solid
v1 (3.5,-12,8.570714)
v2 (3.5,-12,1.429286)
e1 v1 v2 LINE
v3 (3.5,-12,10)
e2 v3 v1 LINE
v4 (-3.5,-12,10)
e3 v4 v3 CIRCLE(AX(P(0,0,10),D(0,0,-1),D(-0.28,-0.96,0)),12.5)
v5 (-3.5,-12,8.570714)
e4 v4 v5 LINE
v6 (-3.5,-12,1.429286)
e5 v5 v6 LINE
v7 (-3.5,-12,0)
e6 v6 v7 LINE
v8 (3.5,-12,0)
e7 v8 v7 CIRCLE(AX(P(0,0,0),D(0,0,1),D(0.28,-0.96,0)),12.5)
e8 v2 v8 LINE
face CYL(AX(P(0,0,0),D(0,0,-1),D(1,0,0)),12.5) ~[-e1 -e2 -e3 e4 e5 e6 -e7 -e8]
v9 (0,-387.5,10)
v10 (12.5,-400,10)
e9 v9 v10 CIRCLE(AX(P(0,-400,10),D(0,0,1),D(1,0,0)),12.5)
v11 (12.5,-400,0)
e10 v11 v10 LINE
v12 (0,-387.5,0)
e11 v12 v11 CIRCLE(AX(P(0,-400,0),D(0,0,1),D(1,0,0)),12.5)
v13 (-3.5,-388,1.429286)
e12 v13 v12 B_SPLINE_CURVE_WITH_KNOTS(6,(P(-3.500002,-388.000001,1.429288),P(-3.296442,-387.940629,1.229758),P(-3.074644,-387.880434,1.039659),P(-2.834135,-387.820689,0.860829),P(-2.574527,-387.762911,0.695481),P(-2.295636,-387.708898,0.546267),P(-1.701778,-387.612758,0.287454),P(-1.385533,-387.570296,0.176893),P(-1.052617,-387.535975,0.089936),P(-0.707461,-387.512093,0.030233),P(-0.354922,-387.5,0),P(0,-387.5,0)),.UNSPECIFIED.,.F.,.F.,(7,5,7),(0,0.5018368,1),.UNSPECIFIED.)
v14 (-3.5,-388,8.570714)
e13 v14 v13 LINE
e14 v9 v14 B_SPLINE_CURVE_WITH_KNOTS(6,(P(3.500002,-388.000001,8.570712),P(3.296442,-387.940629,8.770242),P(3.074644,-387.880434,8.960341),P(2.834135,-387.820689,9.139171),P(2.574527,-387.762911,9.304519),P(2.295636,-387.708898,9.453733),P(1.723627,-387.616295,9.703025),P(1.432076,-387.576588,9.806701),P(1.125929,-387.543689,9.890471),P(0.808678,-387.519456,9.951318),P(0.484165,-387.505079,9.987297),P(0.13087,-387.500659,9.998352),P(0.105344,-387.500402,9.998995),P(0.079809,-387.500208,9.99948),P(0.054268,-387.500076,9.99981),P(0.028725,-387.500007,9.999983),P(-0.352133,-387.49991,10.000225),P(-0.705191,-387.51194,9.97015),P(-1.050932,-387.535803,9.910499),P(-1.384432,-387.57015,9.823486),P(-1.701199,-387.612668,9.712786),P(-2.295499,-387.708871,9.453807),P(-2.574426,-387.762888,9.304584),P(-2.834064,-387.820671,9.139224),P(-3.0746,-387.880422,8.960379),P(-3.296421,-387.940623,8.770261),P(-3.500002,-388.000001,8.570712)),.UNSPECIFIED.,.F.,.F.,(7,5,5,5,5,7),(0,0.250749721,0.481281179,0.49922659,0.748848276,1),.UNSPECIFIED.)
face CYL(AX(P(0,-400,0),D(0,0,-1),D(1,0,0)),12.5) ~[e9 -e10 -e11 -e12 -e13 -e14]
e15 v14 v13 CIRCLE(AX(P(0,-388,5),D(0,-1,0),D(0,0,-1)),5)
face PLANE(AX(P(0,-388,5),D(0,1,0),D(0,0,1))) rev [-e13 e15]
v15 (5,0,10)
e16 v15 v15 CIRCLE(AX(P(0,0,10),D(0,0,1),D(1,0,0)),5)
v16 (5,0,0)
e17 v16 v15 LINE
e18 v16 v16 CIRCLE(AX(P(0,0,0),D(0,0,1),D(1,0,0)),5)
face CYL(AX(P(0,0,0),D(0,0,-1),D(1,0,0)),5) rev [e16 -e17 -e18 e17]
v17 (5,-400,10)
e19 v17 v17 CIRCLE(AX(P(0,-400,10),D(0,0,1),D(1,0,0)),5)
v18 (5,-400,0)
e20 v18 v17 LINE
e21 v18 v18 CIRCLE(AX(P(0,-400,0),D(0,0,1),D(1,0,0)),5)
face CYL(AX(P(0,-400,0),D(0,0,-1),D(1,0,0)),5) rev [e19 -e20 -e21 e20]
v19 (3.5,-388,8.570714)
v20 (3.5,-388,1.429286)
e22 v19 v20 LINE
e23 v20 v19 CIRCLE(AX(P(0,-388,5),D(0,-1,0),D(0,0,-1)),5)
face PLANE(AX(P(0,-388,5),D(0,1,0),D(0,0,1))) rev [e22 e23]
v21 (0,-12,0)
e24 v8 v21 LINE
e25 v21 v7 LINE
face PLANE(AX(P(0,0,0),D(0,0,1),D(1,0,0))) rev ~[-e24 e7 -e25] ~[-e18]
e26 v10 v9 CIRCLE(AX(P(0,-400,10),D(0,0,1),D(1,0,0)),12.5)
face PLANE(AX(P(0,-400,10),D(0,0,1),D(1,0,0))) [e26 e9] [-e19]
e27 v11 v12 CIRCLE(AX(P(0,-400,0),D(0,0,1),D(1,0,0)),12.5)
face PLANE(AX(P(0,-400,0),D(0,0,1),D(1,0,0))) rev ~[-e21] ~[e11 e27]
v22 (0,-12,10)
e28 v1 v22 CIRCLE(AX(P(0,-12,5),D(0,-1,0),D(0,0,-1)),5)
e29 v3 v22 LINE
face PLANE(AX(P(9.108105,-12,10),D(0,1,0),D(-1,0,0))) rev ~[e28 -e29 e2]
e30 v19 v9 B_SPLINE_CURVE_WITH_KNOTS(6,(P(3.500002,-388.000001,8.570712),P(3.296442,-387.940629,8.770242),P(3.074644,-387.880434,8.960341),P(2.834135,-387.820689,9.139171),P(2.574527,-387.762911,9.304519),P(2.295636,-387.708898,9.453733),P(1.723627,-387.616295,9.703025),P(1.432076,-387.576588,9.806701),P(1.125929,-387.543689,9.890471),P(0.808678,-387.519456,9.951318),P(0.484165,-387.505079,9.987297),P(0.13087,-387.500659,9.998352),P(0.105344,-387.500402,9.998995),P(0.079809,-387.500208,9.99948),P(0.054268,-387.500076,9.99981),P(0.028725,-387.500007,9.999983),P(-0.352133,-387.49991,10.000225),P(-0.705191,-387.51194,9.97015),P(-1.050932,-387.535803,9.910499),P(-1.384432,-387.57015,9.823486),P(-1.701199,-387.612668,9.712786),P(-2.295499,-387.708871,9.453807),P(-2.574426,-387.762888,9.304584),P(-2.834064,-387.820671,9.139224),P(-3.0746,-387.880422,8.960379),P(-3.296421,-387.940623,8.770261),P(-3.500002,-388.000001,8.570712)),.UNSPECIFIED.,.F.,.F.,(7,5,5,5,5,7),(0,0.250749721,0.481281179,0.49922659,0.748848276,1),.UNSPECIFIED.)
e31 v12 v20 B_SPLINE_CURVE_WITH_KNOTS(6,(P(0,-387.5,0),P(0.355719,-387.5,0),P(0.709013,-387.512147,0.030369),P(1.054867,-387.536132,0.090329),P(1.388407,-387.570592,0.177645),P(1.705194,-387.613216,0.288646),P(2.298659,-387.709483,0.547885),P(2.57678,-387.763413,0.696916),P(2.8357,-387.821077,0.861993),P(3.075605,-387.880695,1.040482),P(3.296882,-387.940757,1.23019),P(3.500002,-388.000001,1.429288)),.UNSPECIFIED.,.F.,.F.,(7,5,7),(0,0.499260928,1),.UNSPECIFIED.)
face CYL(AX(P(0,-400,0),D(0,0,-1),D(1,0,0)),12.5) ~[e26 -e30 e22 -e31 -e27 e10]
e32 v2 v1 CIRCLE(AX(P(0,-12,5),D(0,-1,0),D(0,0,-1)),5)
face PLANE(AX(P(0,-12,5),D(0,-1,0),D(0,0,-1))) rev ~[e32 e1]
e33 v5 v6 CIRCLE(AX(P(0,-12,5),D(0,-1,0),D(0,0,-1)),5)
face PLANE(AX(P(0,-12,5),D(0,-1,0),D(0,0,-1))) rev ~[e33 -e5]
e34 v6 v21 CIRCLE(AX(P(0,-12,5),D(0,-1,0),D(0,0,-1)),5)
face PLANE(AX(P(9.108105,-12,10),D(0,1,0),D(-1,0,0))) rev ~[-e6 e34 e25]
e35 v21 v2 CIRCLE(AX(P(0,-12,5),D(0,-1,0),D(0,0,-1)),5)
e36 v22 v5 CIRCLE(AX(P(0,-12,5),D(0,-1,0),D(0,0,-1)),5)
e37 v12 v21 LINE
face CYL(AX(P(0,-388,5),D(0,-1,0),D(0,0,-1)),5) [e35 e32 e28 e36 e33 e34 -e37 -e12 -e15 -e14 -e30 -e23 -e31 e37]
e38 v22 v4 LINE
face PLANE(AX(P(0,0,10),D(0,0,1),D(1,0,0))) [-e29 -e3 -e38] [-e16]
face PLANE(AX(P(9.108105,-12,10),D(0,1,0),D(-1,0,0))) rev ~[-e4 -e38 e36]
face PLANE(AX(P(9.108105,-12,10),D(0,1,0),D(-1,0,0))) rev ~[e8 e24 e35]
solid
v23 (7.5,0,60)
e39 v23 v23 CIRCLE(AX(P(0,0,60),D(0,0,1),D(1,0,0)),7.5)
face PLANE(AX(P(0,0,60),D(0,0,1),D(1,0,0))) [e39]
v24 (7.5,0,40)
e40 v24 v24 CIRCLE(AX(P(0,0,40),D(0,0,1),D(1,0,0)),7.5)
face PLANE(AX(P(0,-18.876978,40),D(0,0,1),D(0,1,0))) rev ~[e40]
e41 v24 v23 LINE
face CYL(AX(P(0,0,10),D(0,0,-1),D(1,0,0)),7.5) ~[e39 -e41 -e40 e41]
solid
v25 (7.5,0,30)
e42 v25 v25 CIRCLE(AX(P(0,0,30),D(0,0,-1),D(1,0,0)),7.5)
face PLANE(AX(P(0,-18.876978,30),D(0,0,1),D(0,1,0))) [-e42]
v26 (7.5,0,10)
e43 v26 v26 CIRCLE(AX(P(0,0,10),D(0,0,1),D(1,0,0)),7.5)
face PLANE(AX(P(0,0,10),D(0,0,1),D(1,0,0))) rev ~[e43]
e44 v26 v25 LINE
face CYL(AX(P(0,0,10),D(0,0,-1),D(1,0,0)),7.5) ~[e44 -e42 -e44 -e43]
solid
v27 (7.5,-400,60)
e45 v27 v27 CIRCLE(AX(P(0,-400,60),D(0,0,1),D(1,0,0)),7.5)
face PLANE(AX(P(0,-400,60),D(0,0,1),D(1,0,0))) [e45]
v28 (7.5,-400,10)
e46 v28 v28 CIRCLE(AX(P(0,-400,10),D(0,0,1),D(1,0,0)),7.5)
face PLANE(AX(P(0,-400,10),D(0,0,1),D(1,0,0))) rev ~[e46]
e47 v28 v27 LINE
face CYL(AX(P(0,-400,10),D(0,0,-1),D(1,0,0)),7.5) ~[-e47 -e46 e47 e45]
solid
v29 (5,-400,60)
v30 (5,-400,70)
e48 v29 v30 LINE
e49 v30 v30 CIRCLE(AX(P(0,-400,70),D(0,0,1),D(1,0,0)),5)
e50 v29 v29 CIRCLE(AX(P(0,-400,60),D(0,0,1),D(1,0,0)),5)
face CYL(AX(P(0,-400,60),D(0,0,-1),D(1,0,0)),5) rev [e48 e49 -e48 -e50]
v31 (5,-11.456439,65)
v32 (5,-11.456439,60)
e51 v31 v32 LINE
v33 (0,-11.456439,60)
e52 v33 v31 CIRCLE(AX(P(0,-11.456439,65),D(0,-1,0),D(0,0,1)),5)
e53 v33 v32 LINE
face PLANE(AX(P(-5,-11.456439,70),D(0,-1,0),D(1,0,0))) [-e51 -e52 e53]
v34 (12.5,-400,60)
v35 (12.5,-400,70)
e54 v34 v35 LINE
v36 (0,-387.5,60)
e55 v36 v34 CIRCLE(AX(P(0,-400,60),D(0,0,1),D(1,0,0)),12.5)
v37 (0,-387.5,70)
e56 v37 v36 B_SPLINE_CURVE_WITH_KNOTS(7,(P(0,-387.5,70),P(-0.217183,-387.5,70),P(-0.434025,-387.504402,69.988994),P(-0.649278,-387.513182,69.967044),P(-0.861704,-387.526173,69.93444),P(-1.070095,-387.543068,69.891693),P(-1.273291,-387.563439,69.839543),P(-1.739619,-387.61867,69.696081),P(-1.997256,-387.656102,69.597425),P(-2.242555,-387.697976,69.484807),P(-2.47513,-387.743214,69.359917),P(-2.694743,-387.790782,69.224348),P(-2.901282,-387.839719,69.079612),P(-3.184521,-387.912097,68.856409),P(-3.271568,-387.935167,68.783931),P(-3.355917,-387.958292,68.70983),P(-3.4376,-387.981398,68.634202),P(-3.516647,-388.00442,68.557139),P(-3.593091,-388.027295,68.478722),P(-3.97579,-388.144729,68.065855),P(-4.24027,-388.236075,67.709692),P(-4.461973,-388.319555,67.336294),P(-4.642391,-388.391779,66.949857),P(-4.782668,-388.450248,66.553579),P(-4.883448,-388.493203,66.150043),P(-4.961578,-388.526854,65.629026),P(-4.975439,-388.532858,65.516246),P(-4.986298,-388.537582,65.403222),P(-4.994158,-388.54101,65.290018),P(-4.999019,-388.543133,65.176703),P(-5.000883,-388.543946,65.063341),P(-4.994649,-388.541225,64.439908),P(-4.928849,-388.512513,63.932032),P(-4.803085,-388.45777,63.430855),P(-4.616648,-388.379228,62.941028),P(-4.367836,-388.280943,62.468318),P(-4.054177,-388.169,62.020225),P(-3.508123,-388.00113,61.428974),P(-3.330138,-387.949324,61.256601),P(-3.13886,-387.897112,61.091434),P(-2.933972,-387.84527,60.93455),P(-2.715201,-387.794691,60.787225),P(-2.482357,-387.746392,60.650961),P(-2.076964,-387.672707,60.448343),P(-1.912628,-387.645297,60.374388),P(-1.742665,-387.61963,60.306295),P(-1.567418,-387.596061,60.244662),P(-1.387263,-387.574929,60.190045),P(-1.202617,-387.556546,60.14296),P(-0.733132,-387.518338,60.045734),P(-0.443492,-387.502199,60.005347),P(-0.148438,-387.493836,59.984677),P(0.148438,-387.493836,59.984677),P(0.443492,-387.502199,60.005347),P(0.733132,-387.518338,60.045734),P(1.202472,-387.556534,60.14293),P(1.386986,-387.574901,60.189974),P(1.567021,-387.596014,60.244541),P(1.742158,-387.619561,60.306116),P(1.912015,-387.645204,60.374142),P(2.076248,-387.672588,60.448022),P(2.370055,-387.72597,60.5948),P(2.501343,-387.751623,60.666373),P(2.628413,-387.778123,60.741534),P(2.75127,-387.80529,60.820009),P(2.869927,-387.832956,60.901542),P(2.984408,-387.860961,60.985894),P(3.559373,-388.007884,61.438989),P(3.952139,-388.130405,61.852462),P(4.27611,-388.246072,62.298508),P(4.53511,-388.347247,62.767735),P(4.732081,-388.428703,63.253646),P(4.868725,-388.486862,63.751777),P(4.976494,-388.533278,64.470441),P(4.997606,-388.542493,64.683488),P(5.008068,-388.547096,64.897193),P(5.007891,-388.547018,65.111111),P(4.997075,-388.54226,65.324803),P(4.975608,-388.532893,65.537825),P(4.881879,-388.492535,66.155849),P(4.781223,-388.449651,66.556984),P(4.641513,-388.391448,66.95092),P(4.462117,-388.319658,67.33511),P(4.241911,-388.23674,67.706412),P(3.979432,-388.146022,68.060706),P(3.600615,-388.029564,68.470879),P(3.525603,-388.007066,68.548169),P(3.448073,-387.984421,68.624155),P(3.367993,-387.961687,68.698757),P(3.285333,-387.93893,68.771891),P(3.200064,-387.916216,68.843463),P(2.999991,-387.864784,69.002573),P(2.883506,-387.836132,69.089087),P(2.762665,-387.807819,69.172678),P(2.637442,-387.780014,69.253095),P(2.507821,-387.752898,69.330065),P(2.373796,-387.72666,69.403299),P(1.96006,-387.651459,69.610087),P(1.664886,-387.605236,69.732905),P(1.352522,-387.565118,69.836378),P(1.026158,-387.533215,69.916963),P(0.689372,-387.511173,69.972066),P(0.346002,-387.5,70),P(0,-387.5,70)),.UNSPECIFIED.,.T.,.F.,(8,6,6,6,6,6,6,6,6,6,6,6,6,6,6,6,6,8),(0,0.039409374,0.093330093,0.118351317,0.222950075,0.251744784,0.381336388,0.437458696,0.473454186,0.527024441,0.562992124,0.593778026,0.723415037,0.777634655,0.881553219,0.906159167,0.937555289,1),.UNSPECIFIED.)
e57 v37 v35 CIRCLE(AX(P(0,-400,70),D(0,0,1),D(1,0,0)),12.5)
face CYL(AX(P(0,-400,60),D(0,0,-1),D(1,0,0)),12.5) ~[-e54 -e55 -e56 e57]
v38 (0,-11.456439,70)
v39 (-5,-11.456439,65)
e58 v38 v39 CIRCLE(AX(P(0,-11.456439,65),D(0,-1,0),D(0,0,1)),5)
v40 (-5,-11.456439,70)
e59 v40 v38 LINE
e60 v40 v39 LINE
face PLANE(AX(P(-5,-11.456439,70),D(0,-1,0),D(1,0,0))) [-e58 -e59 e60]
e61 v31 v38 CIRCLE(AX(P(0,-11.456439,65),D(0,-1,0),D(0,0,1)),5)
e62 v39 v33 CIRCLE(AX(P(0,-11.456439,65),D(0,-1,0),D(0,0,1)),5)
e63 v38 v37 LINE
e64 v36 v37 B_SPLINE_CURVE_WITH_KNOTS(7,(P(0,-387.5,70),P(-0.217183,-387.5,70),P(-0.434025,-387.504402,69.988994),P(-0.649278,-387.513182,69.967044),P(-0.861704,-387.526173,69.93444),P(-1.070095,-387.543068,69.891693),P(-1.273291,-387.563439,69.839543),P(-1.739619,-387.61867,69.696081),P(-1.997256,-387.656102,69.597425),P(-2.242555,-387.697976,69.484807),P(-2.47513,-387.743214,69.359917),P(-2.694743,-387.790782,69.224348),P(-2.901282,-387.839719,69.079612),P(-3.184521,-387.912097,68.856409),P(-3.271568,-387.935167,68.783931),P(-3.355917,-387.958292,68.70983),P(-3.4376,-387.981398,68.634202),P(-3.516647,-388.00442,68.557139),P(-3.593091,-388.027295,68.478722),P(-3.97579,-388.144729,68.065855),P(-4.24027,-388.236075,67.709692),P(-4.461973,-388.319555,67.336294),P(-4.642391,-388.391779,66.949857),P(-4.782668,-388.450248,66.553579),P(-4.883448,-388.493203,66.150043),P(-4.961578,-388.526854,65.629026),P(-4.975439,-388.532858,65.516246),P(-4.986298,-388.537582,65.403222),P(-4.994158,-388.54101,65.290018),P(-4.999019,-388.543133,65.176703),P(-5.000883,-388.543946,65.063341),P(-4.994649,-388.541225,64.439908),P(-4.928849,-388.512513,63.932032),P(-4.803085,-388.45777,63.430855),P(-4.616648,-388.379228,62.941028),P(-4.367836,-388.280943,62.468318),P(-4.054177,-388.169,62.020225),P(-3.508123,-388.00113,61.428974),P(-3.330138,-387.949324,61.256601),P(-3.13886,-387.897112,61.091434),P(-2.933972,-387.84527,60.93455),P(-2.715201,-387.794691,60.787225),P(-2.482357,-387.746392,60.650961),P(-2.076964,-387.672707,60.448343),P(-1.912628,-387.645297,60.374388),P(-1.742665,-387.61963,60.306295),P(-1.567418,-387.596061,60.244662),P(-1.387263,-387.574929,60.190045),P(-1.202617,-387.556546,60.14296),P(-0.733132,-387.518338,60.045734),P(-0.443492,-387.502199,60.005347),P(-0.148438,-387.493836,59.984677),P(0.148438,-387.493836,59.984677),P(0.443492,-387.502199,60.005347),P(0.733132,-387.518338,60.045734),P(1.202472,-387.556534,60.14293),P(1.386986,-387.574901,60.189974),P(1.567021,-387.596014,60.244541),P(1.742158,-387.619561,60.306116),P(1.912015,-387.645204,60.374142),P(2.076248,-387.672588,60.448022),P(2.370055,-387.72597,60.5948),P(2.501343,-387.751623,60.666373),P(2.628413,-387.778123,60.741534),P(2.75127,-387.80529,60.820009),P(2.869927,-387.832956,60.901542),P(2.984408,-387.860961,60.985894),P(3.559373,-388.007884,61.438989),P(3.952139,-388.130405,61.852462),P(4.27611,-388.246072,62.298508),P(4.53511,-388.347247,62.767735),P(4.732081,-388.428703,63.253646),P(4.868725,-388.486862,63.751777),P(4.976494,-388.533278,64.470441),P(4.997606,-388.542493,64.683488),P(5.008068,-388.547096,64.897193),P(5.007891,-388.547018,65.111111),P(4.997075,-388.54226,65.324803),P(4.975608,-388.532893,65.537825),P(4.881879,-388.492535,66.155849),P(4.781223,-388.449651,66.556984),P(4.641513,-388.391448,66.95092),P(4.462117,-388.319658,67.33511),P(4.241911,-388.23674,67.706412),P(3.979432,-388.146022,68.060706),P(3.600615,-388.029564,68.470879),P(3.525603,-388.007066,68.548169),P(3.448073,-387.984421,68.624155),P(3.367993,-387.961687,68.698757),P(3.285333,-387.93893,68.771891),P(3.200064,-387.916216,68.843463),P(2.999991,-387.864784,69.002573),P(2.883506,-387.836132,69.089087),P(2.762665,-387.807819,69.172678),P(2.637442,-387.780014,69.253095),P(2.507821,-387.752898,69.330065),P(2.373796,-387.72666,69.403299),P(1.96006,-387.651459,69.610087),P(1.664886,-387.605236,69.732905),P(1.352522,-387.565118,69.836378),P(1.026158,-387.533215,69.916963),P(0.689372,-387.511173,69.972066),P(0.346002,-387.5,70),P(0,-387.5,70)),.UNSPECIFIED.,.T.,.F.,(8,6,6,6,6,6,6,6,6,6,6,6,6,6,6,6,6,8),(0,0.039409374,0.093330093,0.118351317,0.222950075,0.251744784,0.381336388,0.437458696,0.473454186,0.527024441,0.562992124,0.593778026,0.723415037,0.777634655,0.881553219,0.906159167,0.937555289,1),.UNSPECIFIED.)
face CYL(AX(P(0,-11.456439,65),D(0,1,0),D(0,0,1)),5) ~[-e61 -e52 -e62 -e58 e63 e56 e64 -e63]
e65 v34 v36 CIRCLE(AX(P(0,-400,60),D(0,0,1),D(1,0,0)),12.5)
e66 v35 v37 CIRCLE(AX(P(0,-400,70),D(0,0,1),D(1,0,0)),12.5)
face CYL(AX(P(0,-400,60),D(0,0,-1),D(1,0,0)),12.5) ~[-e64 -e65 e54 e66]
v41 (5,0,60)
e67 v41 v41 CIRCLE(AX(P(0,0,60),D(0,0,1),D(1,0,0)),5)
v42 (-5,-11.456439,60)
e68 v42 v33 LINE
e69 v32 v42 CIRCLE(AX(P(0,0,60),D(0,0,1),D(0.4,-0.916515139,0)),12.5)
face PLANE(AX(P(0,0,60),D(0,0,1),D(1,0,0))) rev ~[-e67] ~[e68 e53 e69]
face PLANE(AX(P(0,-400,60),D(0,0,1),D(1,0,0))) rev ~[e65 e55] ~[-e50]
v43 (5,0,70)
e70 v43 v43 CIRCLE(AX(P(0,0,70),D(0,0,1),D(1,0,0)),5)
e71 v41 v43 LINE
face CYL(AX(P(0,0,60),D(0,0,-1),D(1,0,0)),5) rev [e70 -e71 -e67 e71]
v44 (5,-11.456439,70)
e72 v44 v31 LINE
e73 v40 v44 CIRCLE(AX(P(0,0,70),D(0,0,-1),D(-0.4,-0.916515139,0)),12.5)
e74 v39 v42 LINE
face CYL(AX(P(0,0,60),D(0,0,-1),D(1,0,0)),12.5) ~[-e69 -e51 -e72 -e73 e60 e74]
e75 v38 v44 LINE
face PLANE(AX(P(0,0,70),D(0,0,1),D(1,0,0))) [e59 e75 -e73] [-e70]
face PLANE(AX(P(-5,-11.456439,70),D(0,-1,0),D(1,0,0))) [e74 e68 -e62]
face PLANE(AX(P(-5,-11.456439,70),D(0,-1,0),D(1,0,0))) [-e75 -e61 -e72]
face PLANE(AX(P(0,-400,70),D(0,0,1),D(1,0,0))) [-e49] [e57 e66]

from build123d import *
from build123d.topology import SkipClean

# Parameters (mm, degrees)
SKETCH1_R               = 12.5
SKETCH1_R_2             = 5
BOSS_EXTRUDE1_DEPTH     = 10
CUT_EXTRUDE2_DEPTH      = 21.310096012
SKETCH3_R               = 5
BOSS_EXTRUDE2_DEPTH     = 188
SKETCH5_R               = 12.5
SKETCH5_R_2             = 5
BOSS_EXTRUDE4_DEPTH     = 10
SKETCH7_R               = 7.5
BOSS_EXTRUDE5_DEPTH     = 50
BOSS_EXTRUDE5_2_DEPTH   = 50
SKETCH8_R               = 12.5
SKETCH8_R_2             = 5
BOSS_EXTRUDE6_DEPTH     = 10
BOSS_EXTRUDE6_2_DEPTH   = 10
CUT_EXTRUDE3_DEPTH      = 20
SKETCH10_R              = 5
BOSS_EXTRUDE7_DEPTH     = 380
SKETCH11_W              = 10
SKETCH11_H              = 26.37697812
CUT_EXTRUDE5_DEPTH      = 419.583922409
CUT_EXTRUDE5_DEPTH_BACK = 419.583922409


with BuildPart() as part:
    # Sketch1 → Boss-Extrude1 (new body)
    with BuildSketch(Plane.XY):
        Circle(SKETCH1_R)
        Circle(SKETCH1_R_2, mode=Mode.SUBTRACT)
    extrude(amount=BOSS_EXTRUDE1_DEPTH)

    # Sketch2 → Cut-Extrude2 (cut, through all)
    with BuildSketch(Plane.XY.offset(10)):
        with BuildLine():
            Line((9.108105184, -12), (3.5, -12))
            ThreePointArc((3.5, -12), (0, -12.5), (-3.5, -12))
            Line((-3.5, -12), (-7.494861462, -12))
            Line((-7.494861462, -12), (-7.494861462, -13.628548532))
            Line((-7.494861462, -13.628548532), (9.511416115, -13.628548532))
            Line((9.511416115, -13.628548532), (9.108105184, -12))
        make_face()
        with BuildLine():
            Line((3.5, -12), (0, -12))
            Line((0, -12), (-3.5, -12))
            ThreePointArc((-3.5, -12), (0, -12.5), (3.5, -12))
        make_face()
    extrude(amount=-CUT_EXTRUDE2_DEPTH, mode=Mode.SUBTRACT)

    # Sketch3 → Boss-Extrude2 (add)
    with BuildSketch(Plane(origin=(0, -12, 0), x_dir=(-1, 0, 0), z_dir=(0, -1, 0))):
        with Locations(Location((0, -5, 0), (0, 0, 90))):
            Circle(SKETCH3_R)
    boss_extrude2 = extrude(amount=BOSS_EXTRUDE2_DEPTH)

    # Mirror2: Boss-Extrude2 across plane
    add(boss_extrude2.mirror(Plane(origin=(0, -200, 5), x_dir=(0, 0, 1), z_dir=(0, -1, 0))))

    # Sketch5 → Boss-Extrude4 (add)
    with SkipClean():  # the faces are left unmerged after this step: merging them gives an invalid solid
        with BuildSketch(Plane.XY):
            with Locations((0, -400)):
                Circle(SKETCH5_R)
            with Locations((0, -400)):
                Circle(SKETCH5_R_2, mode=Mode.SUBTRACT)
        extrude(amount=BOSS_EXTRUDE4_DEPTH)


with BuildPart() as body_2:
    # Sketch7 → Boss-Extrude5 (new body)
    with BuildSketch(Plane.XY.offset(10)):
        Circle(SKETCH7_R)
    extrude(amount=BOSS_EXTRUDE5_DEPTH)

    # Sketch11 → Cut-Extrude5 (cut, two sides)
    with BuildSketch(Plane(origin=(0, 0, 0), x_dir=(0, 0, -1), z_dir=(1, 0, 0))) as cut_extrude5_sk:
        with Locations((-35, -5.68848906)):
            Rectangle(SKETCH11_W, SKETCH11_H)
    extrude(amount=CUT_EXTRUDE5_DEPTH, mode=Mode.SUBTRACT)
    extrude(cut_extrude5_sk.sketch, amount=-CUT_EXTRUDE5_DEPTH_BACK, mode=Mode.SUBTRACT)


with BuildPart() as body_3:
    # Sketch7 → Boss-Extrude5 2 (new body)
    with BuildSketch(Plane.XY.offset(10)):
        with Locations((0, -400)):
            Circle(SKETCH7_R)
    extrude(amount=BOSS_EXTRUDE5_2_DEPTH)


with BuildPart() as body_4:
    # Sketch8 → Boss-Extrude6 (new body)
    with BuildSketch(Plane.XY.offset(60)):
        Circle(SKETCH8_R)
        Circle(SKETCH8_R_2, mode=Mode.SUBTRACT)
    extrude(amount=BOSS_EXTRUDE6_DEPTH)

    # Sketch9 → Cut-Extrude3 (cut)
    with BuildSketch(Plane.XY.offset(70)):
        Polygon((-5, -12), (-5, -11.456439237), (5, -11.456439237), (5, -13.442017523), align=None)
    extrude(amount=-CUT_EXTRUDE3_DEPTH, mode=Mode.SUBTRACT)



with BuildPart() as body_5:
    # Sketch8 → Boss-Extrude6 2 (new body)
    with BuildSketch(Plane.XY.offset(60)):
        with Locations((0, -400)):
            Circle(SKETCH8_R)
        with Locations((0, -400)):
            Circle(SKETCH8_R_2, mode=Mode.SUBTRACT)
    extrude(amount=BOSS_EXTRUDE6_2_DEPTH)


with BuildPart() as body_4_1:
    with SkipClean():  # the faces are left unmerged after this step: merging them gives an invalid solid
        add(body_4.part)

        add(body_5.part)  # Boss-Extrude7 merges body 5
        # Sketch10 → Boss-Extrude7 (add)
        with BuildSketch(Plane(origin=(0, -11.456439237, 0), x_dir=(-1, 0, 0), z_dir=(0, -1, 0))):
            with Locations(Location((0, -65, 0), (0, 0, 270))):
                Circle(SKETCH10_R)
        extrude(amount=BOSS_EXTRUDE7_DEPTH)


with BuildPart() as cut_extrude5_piece_1:
    # of the separate pieces the step leaves, piece 1, a body of its own (cut_extrude5_pieces)
    add(body_2.part.solids().sort_by_distance((7.5, 0, 40))[0])


with BuildPart() as cut_extrude5_piece_2:
    # of the separate pieces the step leaves, piece 2, a body of its own (cut_extrude5_pieces)
    add(body_2.part.solids().sort_by_distance((7.5, 0, 10))[0])


solid = Compound([part.part, body_3.part, body_4_1.part, cut_extrude5_piece_1.part, cut_extrude5_piece_2.part])
